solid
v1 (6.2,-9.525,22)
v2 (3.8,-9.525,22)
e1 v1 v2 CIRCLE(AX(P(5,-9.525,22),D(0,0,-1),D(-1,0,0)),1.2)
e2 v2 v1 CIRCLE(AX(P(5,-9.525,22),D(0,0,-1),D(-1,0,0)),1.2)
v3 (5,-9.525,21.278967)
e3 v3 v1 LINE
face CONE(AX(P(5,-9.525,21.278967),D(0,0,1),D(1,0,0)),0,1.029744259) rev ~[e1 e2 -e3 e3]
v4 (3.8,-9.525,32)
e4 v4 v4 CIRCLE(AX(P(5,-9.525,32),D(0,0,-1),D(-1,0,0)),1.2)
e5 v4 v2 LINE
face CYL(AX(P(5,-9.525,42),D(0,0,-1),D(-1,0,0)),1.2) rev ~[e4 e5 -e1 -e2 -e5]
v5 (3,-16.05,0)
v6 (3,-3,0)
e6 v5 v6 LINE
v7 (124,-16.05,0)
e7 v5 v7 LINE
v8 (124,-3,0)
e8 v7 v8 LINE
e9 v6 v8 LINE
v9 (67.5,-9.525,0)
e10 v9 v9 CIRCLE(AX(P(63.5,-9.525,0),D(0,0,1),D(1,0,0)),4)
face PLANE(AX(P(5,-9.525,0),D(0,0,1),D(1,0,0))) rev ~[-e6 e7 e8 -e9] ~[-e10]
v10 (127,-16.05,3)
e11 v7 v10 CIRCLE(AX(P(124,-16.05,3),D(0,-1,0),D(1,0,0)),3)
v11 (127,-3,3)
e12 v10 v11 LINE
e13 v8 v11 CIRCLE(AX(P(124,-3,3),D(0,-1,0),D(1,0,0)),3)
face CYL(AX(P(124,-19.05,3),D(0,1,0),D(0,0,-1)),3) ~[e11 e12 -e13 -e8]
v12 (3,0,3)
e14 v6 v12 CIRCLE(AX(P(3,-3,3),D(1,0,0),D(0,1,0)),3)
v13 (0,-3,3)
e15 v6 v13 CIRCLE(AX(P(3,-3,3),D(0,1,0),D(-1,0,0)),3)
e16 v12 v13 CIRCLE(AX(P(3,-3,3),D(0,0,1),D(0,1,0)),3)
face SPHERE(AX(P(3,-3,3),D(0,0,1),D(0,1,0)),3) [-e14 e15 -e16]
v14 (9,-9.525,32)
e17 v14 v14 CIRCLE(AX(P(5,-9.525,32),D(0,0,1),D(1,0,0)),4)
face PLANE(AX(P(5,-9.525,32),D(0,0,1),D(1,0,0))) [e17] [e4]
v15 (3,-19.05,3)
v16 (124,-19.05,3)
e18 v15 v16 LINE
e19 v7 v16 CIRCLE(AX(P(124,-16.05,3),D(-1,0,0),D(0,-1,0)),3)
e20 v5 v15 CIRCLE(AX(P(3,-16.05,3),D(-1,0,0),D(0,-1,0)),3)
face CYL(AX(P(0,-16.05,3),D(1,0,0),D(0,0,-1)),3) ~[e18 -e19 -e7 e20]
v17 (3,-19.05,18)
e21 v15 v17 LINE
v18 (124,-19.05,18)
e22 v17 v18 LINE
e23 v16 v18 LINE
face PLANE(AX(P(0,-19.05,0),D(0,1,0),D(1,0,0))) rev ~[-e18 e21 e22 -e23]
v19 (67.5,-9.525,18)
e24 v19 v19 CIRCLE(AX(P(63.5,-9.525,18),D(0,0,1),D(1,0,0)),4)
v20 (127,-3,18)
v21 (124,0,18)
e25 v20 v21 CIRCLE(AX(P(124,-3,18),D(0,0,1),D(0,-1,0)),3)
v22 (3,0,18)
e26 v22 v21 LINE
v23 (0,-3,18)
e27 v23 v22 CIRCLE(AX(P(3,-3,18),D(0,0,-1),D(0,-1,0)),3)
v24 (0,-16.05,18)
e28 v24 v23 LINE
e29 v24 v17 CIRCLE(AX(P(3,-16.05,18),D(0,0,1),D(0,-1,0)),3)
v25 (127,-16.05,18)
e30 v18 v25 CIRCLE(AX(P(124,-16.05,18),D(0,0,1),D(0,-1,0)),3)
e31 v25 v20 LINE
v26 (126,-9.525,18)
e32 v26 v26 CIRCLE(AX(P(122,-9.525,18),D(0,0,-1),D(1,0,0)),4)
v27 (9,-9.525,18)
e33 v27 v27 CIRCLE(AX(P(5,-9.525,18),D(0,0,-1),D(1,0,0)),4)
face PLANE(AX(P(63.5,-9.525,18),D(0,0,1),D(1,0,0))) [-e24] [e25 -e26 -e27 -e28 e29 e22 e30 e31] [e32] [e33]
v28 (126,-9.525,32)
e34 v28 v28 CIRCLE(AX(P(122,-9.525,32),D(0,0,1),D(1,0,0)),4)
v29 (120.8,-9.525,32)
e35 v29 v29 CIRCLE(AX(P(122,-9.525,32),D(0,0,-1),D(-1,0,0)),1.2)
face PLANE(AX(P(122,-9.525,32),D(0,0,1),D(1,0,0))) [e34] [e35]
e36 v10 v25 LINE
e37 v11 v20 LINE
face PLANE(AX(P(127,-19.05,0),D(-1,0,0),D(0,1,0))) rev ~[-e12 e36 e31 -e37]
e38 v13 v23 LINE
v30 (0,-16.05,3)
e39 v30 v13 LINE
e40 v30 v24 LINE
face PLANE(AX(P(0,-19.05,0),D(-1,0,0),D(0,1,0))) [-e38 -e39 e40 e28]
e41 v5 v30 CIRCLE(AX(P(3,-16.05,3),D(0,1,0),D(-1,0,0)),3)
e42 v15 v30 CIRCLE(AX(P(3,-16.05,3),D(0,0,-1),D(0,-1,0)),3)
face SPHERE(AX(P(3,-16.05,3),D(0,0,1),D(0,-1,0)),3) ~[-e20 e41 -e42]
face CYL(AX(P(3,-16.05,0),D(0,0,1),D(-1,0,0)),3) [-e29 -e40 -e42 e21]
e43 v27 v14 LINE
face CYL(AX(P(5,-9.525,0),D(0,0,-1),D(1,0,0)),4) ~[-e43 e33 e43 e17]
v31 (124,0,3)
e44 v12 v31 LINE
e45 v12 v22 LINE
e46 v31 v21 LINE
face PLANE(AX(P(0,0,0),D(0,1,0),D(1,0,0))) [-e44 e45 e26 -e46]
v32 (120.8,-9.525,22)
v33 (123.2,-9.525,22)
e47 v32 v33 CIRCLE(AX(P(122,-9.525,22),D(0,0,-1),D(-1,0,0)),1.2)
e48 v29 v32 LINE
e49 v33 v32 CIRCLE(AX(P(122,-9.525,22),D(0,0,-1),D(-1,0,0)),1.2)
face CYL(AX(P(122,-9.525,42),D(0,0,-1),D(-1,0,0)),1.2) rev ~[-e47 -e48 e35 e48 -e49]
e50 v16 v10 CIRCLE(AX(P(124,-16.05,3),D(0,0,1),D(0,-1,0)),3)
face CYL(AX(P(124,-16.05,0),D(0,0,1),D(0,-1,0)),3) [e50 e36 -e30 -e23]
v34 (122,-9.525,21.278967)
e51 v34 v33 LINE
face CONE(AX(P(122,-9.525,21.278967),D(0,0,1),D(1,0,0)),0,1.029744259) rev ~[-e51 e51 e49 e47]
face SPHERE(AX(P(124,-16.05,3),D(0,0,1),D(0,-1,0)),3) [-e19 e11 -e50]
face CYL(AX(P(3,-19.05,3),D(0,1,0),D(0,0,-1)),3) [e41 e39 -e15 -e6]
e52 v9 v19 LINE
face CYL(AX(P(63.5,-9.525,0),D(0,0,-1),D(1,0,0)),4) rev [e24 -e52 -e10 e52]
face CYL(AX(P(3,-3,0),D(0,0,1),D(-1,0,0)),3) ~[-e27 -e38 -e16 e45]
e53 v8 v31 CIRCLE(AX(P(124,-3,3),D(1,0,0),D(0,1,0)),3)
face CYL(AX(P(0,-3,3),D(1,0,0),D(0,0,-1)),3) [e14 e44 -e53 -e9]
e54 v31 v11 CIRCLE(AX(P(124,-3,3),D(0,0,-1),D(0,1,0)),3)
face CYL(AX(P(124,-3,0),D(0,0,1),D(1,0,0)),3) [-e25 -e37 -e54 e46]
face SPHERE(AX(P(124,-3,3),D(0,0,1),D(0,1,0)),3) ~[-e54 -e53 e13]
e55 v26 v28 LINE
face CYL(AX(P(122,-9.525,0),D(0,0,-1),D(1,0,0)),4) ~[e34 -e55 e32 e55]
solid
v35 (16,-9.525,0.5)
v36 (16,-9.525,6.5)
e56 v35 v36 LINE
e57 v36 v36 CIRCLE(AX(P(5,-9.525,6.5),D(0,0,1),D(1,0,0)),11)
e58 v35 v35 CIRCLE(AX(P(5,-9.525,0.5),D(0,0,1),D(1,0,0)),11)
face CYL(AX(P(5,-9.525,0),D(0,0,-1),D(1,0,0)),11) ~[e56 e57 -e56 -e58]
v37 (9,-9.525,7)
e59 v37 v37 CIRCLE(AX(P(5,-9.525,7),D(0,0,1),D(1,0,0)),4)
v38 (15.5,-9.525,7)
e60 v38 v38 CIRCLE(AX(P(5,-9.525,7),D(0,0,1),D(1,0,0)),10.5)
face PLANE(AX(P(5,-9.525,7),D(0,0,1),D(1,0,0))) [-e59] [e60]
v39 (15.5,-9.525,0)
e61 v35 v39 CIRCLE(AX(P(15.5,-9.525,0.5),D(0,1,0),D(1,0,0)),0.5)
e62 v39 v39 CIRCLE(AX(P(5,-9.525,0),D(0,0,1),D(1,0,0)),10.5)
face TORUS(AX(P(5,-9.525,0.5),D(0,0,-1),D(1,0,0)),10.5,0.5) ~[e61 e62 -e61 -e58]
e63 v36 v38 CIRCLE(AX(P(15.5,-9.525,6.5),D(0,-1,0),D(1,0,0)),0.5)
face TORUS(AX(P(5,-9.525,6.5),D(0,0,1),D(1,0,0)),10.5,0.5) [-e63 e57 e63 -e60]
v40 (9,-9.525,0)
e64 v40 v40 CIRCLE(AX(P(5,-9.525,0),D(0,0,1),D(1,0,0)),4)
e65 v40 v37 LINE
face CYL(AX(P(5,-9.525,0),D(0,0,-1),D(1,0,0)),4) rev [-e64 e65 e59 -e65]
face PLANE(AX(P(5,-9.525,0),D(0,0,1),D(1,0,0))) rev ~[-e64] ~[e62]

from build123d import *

# Parameters (mm, degrees)
F0_W     = 127
F0_H     = 19.05
F0_R     = 4
F1_DEPTH = 18
F2_DEPTH = 32
F4_D     = 2.4
F4_DEPTH = 10
F4_TIP   = 0.7210327428
F5_R     = 3
F6_R     = 11
F6_R_2   = 4
F7_DEPTH = 7
F8_R     = 0.5


with BuildPart() as f1:
    # F0 (on Top) → F1 (new body)
    with BuildSketch(Plane.XY):
        with Locations((63.5, -9.525)):
            Rectangle(F0_W, F0_H)
        with Locations((5, -9.525)):
            Circle(F0_R, mode=Mode.SUBTRACT)
        with Locations((63.5, -9.525)):
            Circle(F0_R, mode=Mode.SUBTRACT)
        with Locations((122, -9.525)):
            Circle(F0_R, mode=Mode.SUBTRACT)
        with Locations((5, -9.525)):
            Circle(F0_R)
        with Locations((122, -9.525)):
            Circle(F0_R)
    extrude(amount=F1_DEPTH)

    # F0 (on Top) → F2 (join)
    with BuildSketch(Plane.XY):
        with Locations((5, -9.525)):
            Circle(F0_R)
        with Locations((122, -9.525)):
            Circle(F0_R)
    extrude(amount=F2_DEPTH)

    # F4
    with Locations(Plane.XY.offset(32)):
        with Locations((5, -9.525), (122, -9.525)):
            Hole(F4_D / 2, depth=F4_DEPTH)
            with Locations((0, 0, -(F4_DEPTH + F4_TIP / 2))):  # 118° drill point
                Cone(0, F4_D / 2, F4_TIP, mode=Mode.SUBTRACT)

    # F5
    f5_edges = [f1.edges().sort_by_distance(p)[0] for p in [
        (127, -19.05, 9),
        (127, 0, 9),
        (0, 0, 9),
        (0, -19.05, 9),
        (63.5, -19.05, 0),
        (63.5, 0, 0),
        (0, -9.525, 0),
        (127, -9.525, 0),
    ]]
    fillet(f5_edges, radius=F5_R)


with BuildPart() as f7:
    # F6 (on Top) → F7 (new body)
    with BuildSketch(Plane.XY):
        with Locations((5, -9.525)):
            Circle(F6_R)
        with Locations((5, -9.525)):
            Circle(F6_R_2, mode=Mode.SUBTRACT)
    extrude(amount=F7_DEPTH)

    # F8
    f8_edges = [f7.edges().sort_by_distance(p)[0] for p in [
        (-6, -9.525, 7),
        (-6, -9.525, 0),
    ]]
    fillet(f8_edges, radius=F8_R)


solid = Compound([f1.part, f7.part])
